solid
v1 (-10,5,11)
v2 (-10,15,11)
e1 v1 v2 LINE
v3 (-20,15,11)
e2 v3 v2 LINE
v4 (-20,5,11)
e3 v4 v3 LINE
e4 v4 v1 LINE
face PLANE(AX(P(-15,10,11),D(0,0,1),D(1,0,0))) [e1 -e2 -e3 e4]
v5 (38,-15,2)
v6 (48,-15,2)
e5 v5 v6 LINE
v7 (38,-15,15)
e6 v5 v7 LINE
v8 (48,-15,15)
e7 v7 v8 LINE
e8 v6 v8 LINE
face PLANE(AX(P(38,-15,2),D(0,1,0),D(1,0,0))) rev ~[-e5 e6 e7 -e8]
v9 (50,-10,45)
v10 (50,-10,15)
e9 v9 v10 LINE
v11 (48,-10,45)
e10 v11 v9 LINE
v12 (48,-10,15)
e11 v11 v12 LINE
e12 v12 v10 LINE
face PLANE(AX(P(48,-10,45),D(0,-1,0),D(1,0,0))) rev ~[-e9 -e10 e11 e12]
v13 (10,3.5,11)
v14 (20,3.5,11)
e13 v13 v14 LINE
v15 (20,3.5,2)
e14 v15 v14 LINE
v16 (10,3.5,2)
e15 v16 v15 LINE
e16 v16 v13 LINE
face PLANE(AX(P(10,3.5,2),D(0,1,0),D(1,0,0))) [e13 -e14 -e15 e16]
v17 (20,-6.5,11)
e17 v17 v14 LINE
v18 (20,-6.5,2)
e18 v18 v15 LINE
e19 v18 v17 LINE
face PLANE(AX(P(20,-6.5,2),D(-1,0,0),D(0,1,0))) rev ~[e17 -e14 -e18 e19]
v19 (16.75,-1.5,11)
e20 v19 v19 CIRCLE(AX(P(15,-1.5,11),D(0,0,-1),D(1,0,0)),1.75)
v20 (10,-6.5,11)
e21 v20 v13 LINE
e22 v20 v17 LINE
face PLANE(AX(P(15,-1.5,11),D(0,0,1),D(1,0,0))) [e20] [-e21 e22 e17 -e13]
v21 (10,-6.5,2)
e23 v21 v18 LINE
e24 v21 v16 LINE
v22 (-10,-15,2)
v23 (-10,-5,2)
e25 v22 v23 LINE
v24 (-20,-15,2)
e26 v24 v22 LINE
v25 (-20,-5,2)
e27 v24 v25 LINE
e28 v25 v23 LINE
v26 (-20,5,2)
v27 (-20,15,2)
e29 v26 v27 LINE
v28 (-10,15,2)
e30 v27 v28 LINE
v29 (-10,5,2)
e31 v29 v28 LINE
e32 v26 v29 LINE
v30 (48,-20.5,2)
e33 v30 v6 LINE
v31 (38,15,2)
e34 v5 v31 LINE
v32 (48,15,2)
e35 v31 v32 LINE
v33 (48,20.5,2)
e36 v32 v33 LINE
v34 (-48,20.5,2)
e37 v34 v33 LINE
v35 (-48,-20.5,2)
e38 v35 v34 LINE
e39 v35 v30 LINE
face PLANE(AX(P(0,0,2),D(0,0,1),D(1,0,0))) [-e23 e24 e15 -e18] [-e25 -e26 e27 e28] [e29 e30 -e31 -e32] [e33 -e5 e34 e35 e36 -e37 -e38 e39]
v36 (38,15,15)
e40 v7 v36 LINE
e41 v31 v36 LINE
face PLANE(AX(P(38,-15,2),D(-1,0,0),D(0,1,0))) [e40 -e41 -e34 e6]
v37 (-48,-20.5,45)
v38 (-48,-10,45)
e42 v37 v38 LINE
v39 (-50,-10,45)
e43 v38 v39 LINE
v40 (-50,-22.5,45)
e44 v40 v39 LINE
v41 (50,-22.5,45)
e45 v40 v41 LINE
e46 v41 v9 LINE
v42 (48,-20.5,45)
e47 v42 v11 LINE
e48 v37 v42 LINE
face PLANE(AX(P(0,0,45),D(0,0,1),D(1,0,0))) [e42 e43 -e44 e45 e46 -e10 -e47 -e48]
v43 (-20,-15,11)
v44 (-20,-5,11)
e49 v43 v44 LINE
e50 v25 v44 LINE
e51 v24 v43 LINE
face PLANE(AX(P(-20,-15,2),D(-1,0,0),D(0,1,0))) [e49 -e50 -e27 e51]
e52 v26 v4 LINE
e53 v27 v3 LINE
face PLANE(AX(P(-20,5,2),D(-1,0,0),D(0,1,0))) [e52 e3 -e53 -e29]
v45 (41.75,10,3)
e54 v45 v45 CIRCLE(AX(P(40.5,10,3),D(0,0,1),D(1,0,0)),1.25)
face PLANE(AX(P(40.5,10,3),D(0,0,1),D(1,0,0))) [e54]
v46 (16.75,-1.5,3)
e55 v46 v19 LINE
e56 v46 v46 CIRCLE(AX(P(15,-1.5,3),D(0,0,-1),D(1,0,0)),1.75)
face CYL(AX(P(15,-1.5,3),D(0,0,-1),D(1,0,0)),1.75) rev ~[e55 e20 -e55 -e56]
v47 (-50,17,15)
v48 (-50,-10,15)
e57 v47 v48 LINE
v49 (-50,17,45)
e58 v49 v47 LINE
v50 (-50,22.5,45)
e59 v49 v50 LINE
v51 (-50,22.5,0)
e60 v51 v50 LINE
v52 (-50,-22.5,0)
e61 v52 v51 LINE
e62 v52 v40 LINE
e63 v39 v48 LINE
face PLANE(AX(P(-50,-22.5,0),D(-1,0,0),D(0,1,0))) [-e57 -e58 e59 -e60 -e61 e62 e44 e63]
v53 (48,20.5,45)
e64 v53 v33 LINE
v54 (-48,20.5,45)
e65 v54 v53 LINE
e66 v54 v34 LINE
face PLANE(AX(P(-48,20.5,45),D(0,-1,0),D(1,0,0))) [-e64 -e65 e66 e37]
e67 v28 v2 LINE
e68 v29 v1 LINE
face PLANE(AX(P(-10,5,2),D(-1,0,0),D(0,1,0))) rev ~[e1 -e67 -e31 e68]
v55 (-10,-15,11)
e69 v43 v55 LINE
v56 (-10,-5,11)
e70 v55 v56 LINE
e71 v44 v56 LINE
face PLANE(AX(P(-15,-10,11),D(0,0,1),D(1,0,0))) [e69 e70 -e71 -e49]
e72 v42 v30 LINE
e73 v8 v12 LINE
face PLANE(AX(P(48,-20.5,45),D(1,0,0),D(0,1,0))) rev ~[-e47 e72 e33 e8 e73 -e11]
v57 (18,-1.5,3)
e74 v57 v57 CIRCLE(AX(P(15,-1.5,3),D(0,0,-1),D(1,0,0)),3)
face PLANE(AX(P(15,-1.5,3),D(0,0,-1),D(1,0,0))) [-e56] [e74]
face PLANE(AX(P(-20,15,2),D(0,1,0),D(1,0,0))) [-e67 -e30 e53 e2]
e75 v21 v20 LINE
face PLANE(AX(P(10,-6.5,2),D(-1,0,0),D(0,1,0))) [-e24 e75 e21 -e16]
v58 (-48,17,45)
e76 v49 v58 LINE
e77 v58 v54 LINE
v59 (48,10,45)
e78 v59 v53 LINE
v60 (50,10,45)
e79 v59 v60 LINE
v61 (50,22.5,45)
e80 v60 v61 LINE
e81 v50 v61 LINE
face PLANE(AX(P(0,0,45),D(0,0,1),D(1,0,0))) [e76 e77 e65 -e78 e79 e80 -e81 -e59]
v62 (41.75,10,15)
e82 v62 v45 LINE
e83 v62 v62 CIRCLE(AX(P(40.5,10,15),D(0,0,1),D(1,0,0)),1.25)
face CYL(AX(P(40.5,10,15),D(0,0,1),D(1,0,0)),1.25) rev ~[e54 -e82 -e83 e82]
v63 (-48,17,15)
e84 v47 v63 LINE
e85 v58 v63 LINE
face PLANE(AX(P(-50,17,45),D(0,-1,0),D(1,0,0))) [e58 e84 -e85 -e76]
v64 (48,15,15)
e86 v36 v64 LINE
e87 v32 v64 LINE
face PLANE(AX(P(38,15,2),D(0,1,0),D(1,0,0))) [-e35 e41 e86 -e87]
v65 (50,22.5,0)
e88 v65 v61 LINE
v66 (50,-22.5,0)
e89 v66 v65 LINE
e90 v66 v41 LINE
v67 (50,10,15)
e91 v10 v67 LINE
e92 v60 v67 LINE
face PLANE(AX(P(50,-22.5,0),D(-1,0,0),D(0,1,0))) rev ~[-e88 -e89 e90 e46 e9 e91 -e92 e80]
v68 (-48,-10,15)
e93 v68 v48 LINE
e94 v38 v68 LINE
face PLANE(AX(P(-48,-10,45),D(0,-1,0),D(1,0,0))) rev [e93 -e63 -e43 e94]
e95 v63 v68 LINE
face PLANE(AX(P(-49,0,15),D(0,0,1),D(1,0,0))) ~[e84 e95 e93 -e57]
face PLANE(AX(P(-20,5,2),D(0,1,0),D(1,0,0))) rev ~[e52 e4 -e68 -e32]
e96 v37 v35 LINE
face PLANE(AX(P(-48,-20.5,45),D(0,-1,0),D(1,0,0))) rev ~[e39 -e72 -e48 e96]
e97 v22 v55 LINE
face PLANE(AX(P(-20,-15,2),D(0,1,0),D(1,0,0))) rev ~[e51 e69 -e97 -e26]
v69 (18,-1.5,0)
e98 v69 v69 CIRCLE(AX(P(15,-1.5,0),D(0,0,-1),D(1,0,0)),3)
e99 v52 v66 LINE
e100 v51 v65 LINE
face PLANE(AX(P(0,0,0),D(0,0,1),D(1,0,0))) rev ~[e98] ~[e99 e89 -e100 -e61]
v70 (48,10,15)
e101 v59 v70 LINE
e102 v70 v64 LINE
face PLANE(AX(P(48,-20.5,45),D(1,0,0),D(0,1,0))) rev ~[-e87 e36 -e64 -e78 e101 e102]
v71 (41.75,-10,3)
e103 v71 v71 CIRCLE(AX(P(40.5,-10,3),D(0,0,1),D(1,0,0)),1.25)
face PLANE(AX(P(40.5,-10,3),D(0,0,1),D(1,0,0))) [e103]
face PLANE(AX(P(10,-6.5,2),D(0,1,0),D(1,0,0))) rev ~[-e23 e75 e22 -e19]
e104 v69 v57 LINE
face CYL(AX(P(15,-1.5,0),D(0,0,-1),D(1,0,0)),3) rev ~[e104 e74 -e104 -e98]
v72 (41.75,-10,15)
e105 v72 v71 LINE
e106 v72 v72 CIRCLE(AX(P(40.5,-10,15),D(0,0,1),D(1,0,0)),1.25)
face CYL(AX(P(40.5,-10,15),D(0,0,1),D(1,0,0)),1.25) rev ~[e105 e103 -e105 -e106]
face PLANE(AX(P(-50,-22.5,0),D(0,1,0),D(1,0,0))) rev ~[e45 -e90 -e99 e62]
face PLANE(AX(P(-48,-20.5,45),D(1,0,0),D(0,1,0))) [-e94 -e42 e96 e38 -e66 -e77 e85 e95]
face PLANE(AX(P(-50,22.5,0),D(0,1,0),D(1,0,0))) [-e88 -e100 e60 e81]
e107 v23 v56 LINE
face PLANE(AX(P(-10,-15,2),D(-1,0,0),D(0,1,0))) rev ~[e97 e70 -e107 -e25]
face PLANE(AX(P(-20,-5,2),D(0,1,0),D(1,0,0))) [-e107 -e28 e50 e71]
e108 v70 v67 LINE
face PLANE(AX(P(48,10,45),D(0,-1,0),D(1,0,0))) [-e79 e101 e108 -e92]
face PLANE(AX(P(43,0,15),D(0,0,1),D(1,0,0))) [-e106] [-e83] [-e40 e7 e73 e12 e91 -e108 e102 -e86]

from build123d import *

# Parameters (mm, degrees)
SKETCH_W        = 100
SKETCH_H        = 45
PAD_DEPTH       = 45
SKETCH001_W     = 96
SKETCH001_H     = 41
POCKET_DEPTH    = 43
SKETCH002_W     = 10
SKETCH002_H     = 10
PAD001_DEPTH    = 9
SKETCH003_R     = 3
POCKET001_DEPTH = 3
SKETCH004_R     = 1.75
POCKET002_DEPTH = 42.001
SKETCH005_W     = 2
SKETCH005_H     = 20
POCKET003_DEPTH = 30
SKETCH006_W     = 10
SKETCH006_H     = 30
PAD002_DEPTH    = 13
SKETCH007_R     = 1.25
POCKET004_DEPTH = 12
SKETCH008_W     = 2
SKETCH008_H     = 7
POCKET005_DEPTH = 30


with BuildPart() as part:
    # Sketch → Pad (new body)
    with BuildSketch(Plane.XY):
        Rectangle(SKETCH_W, SKETCH_H)
    extrude(amount=PAD_DEPTH)

    # Sketch001 (on Face6 of Pad) → Pocket (cut)
    with BuildSketch(Plane.XY.offset(45)):
        Rectangle(SKETCH001_W, SKETCH001_H)
    extrude(amount=-POCKET_DEPTH, mode=Mode.SUBTRACT)

    # Sketch002 (on Face11 of Pocket) → Pad001 (join)
    with BuildSketch(Plane.XY.offset(2)):
        with Locations((15, -1.5)):
            Rectangle(SKETCH002_W, SKETCH002_H)
        with Locations((-15, 10)):
            Rectangle(SKETCH002_W, SKETCH002_H)
        with Locations((-15, -10)):
            Rectangle(SKETCH002_W, SKETCH002_H)
    extrude(amount=PAD001_DEPTH)

    # Sketch003 (on Face4 of Pad001) → Pocket001 (cut)
    with BuildSketch(Plane(origin=(0, 0, 0), x_dir=(1, 0, 0), z_dir=(0, 0, -1))):
        with Locations((15, 1.5)):
            Circle(SKETCH003_R)
    extrude(amount=-POCKET001_DEPTH, mode=Mode.SUBTRACT)

    # Sketch004 (on Face12 of Pocket001) → Pocket002 (cut, through all)
    with BuildSketch(Plane(origin=(0, 0, 3), x_dir=(1, 0, 0), z_dir=(0, 0, -1))):
        with Locations((15, 1.5)):
            Circle(SKETCH004_R)
    extrude(amount=-POCKET002_DEPTH, mode=Mode.SUBTRACT)

    # Sketch005 (on Face5 of Pocket002) → Pocket003 (cut)
    with BuildSketch(Plane.XY.offset(45)):
        with Locations((49, 0)):
            Rectangle(SKETCH005_W, SKETCH005_H)
    pocket003 = extrude(amount=-POCKET003_DEPTH, mode=Mode.SUBTRACT)

    # Mirrored: Pocket003 across YZ
    add(pocket003.mirror(Plane.YZ), mode=Mode.SUBTRACT)

    # Sketch006 (on Face20 of Mirrored) → Pad002 (join)
    with BuildSketch(Plane.XY.offset(2)):
        with Locations((43, 0)):
            Rectangle(SKETCH006_W, SKETCH006_H)
    extrude(amount=PAD002_DEPTH)

    # Sketch007 (on Face20 of Pad002) → Pocket004 (cut)
    with BuildSketch(Plane.XY.offset(15)):
        with Locations((40.5, 10)):
            Circle(SKETCH007_R)
        with Locations((40.5, -10)):
            Circle(SKETCH007_R)
    extrude(amount=-POCKET004_DEPTH, mode=Mode.SUBTRACT)

    # Sketch008 (on Face9 of Pocket004) → Pocket005 (cut)
    with BuildSketch(Plane.XY.offset(45)):
        with Locations((-49, 13.5)):
            Rectangle(SKETCH008_W, SKETCH008_H)
    extrude(amount=-POCKET005_DEPTH, mode=Mode.SUBTRACT)


solid = part.part
